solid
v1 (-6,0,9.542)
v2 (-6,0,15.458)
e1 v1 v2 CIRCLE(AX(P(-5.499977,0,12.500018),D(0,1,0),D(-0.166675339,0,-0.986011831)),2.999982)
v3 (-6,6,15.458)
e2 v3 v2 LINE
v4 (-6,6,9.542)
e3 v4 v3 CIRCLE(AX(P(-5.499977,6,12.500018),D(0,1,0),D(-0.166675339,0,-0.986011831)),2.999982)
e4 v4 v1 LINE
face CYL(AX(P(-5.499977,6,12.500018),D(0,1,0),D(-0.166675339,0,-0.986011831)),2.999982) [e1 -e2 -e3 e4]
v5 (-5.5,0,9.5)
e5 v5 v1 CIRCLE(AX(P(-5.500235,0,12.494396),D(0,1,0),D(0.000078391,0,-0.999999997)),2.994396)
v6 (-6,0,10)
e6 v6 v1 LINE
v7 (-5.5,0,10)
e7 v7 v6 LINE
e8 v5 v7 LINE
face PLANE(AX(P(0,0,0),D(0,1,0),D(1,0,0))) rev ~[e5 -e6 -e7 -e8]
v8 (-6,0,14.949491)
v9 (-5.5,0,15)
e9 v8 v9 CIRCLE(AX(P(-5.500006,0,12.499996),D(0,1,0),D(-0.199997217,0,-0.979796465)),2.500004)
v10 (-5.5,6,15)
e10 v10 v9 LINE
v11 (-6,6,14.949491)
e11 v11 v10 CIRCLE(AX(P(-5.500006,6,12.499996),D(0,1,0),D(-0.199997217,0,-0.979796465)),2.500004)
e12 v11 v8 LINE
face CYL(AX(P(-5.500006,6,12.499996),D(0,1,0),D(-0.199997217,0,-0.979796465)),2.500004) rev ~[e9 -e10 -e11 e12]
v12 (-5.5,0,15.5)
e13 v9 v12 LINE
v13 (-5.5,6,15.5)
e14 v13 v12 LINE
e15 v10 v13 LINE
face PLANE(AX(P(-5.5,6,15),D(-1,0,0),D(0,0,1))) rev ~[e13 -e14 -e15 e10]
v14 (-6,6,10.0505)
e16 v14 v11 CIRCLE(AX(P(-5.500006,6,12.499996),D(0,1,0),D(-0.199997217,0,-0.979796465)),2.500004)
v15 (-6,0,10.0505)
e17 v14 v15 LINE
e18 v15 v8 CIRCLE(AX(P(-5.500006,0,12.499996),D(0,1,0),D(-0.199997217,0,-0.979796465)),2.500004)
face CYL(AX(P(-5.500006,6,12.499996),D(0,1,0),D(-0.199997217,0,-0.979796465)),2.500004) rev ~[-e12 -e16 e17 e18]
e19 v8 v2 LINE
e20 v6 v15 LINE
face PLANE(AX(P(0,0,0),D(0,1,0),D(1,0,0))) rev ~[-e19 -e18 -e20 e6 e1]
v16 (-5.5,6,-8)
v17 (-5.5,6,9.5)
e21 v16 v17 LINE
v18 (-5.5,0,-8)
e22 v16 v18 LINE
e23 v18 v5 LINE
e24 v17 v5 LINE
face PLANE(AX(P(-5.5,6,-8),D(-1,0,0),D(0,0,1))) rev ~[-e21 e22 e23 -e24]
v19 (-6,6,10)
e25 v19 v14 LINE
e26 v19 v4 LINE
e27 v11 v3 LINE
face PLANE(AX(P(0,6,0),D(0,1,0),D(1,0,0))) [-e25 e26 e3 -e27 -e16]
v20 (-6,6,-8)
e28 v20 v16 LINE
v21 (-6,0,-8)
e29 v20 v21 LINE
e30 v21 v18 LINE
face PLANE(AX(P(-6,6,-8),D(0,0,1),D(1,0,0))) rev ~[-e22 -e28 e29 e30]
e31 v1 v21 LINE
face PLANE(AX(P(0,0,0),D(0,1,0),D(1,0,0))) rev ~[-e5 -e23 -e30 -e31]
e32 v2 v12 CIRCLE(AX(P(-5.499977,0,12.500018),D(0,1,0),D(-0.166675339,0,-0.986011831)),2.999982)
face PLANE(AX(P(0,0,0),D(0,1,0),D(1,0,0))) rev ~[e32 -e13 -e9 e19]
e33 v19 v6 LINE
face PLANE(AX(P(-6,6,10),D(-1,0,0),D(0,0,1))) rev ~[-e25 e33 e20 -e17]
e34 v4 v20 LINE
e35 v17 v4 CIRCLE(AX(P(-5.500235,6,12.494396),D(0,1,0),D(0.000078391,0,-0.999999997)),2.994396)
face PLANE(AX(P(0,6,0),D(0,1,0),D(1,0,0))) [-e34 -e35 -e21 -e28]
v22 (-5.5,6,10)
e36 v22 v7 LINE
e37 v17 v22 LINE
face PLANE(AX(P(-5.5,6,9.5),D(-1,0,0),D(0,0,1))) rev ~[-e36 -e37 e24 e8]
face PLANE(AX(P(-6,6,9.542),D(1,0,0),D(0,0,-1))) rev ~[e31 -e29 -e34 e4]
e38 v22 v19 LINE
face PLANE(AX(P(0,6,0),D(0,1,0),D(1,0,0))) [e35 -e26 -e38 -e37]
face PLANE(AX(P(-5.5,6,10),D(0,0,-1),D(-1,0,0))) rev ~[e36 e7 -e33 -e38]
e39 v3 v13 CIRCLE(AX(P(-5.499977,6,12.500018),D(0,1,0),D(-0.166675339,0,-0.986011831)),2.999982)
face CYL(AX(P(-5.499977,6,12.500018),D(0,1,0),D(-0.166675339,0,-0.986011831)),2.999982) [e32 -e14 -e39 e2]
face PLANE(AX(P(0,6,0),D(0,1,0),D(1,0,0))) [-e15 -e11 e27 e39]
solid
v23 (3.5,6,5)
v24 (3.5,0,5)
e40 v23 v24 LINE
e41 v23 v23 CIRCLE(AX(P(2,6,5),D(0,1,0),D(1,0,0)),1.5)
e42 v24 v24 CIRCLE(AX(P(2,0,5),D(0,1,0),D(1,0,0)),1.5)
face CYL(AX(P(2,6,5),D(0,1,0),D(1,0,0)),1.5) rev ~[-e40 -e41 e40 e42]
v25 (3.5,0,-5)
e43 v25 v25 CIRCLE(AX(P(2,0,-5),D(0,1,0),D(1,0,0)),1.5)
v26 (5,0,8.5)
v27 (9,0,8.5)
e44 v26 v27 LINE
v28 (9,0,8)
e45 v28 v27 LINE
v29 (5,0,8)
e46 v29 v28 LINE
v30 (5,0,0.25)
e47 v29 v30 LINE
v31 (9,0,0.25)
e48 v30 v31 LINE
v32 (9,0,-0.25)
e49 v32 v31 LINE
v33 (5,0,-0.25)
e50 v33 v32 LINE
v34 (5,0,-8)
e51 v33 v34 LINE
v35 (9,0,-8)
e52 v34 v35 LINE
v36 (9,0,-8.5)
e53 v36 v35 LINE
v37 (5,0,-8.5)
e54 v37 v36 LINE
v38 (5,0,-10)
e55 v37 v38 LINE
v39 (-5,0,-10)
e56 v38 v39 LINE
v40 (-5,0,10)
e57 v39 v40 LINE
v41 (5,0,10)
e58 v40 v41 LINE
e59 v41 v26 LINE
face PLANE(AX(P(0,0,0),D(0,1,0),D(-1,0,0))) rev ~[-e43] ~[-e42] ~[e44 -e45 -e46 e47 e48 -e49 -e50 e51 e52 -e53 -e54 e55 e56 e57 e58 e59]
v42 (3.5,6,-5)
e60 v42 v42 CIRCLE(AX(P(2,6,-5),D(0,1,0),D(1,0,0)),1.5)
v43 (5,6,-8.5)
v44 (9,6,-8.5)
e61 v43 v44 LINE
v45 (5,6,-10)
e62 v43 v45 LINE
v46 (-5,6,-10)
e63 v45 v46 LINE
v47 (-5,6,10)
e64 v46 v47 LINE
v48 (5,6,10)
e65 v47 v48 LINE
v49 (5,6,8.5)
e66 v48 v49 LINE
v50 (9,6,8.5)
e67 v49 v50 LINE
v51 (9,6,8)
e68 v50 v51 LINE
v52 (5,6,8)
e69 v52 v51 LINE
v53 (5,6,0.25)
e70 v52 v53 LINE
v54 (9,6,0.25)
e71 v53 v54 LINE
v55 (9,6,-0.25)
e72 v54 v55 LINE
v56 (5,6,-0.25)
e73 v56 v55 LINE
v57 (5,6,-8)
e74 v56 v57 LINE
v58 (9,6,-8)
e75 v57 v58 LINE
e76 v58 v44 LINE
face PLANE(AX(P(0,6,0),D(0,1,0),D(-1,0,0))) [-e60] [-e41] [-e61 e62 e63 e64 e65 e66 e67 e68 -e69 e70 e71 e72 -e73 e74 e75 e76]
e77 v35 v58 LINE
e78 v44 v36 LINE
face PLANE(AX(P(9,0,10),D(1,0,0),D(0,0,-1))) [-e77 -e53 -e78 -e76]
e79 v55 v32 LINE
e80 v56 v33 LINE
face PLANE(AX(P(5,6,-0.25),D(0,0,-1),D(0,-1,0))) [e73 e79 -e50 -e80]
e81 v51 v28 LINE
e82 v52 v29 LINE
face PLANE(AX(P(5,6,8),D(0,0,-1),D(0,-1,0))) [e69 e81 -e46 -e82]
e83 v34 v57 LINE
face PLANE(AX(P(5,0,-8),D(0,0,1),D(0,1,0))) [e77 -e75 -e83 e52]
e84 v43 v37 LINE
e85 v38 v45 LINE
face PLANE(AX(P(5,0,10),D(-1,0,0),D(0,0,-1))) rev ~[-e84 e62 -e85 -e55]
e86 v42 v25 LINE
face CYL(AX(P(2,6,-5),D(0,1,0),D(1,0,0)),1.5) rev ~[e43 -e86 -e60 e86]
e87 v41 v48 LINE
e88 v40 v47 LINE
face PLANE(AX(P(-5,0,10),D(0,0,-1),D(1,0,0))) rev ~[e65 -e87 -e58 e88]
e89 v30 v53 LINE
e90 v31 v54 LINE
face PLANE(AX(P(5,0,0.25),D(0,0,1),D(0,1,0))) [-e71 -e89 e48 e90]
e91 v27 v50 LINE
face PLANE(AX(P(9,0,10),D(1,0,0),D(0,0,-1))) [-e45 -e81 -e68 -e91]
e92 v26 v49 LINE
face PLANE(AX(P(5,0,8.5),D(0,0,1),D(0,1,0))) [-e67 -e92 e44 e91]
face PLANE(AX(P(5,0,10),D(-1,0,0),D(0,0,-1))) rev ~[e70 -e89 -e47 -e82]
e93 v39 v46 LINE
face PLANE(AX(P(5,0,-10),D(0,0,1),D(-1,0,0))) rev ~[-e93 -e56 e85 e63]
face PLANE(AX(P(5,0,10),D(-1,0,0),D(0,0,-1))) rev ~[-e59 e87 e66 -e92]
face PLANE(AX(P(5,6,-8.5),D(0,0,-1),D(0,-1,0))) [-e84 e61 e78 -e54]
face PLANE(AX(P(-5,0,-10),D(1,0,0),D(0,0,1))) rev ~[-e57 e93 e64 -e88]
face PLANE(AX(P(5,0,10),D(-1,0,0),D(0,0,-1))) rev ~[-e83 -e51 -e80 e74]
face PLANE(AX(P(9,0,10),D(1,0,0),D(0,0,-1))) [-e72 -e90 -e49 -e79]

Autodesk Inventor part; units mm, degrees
ref_plane "YZ Plane" through (0, 0, 0) normal (1, 0, 0) x (0, 1, 0)
ref_plane "XZ Plane" through (0, 0, 0) normal (0, 1, 0) x (-1, 0, 0)
ref_plane "XY Plane" through (0, 0, 0) normal (0, 0, 1) x (1, 0, 0)
sketch "Esquisse1" plane through (0, 0, 0) normal (0, 1, 0) x (-1, 0, 0)
  line L0 (5, 10) -> (-5, 10)
  line L1 (-5, 10) -> (-5, -10)
  line L2 (-5, -10) -> (5, -10)
  line L3 (5, -10) -> (5, 10)
  point P0 (0, 0)
  dimension "d0" = 10
  dimension "d1" = 20
  dimension "d2" = 10
  dimension "d3" = 5
extrude "Extrusion1" add sketch "Esquisse1" along normal blind 6
sketch "Esquisse2" plane through (0, 6, 0) normal (0, 1, 0) x (1, 0, 0)
  circle A0 centre (2, -5) radius 1.5
  circle A1 centre (2, 5) radius 1.5
  line L0 (5, -10) -> (5, 10) projected
  line L1 (-5, -10) -> (5, -10) projected
  line L2 (5, 10) -> (-5, 10) projected
  point P0 (0, 0)
  dimension "d6" = 3
  dimension "d7" = 3
  dimension "d8" = 5
  dimension "d9" = 5
  dimension "d10" = 3
  dimension "d11" = 3
extrude "Extrusion2" cut sketch "Esquisse2" against normal through all
sketch "Esquisse3" plane through (5, 0, 10) normal (1, 0, 0) x (0, 0, -1)
  line L0 (1.5, 6) -> (2, 6)
  line L1 (2, 6) -> (2, 0)
  line L2 (2, 0) -> (1.5, 0)
  line L3 (1.5, 0) -> (1.5, 6)
  line L4 (18, 6) -> (18.5, 6)
  line L5 (18.5, 6) -> (18.5, 0)
  line L6 (18.5, 0) -> (18, 0)
  line L7 (18, 0) -> (18, 6)
  line L8 (9.75, 6) -> (10.25, 6)
  line L9 (10.25, 6) -> (10.25, 0)
  line L10 (10.25, 0) -> (9.75, 0)
  line L11 (9.75, 0) -> (9.75, 6)
  line L12 (0, 6) -> (20, 6) projected
  line L13 (0, 0) -> (20, 0) projected
  line L14 (0, 0) -> (0, 6) projected
  line L15 (20, 0) -> (20, 6) projected
  point P0 (10, 0)
  dimension "d14" = 1.5
  dimension "d15" = 1.5
  dimension "d16" = 0.5
  dimension "d17" = 0.5
  dimension "d18" = 0.5
  dimension "d19" = 16
  dimension "d20" = 7.75
extrude "Extrusion3" add sketch "Esquisse3" along normal blind 4 contours L0 L1 L2 L3 | L8 L9 L10 L11 | L4 L5 L6 L7
sketch "Esquisse4" plane through (0, 6, 0) normal (0, 1, 0) x (1, 0, 0)
  line L0 (-6, 8) -> (-5.5, 8)
  line L1 (-5.5, 8) -> (-5.5, -9.5)
  line L2 (-5.5, -10) -> (-6, -10)
  line L3 (-6, -10) -> (-6, -9.542)
  line L4 (-5.5, -10) -> (-5.5, -15.5)
  arc A0 (-6, -10.0505) -> (-5.5, -15) centre (-5.5, -12.5) ccw
  arc A1 (-6, -9.542) -> (-5.5, -15.5) centre (-5.5, -12.5) ccw
  line L5 (-5, 10) -> (-5, -10) projected
  line L6 (5, 8) -> (9, 8) projected
  line L7 (-5, -10) -> (5, -10) projected
  line L8 (-6, -10) -> (-6, -10.0505)
  line L9 (-5.5, -9.5) -> (-5.5, -10)
  line L10 (-6, -9.542) -> (-6, 8)
  line L11 (-6, -10.0505) -> (-6, -15.458)
  arc A2 (-5.5, -10) -> (-6, -10.0505) centre (-5.5, -12.5) ccw
  arc A3 (-5.5, -9.5) -> (-6, -9.542) centre (-5.5, -12.5) ccw
  arc A4 (-5.5, -15) -> (-5.5, -10) centre (-5.5, -12.5) ccw
  arc A5 (-5.5, -15.5) -> (-5.5, -9.5) centre (-5.5, -12.5) ccw
  point P0 (0, 0)
  dimension "d23" = 0.5
  dimension "d24" = 0.5
  dimension "d25" = 0.5
  dimension "d27" = 5
extrude "Extrusion4" add sketch "Esquisse4" against normal blind 6 contours L0 L1 A3 L10 | A3 L9 L2 L3 | L3 L8 A0 L11 A1 | L11 A0 L4 A1
equation "\"d2\" = 0.5 * d1"
equation "\"d3\" = 0.5 * d0"
equation "\"d20\" = -0.5 * d18 + 0.5 * d19"
properties part number "bumper"
